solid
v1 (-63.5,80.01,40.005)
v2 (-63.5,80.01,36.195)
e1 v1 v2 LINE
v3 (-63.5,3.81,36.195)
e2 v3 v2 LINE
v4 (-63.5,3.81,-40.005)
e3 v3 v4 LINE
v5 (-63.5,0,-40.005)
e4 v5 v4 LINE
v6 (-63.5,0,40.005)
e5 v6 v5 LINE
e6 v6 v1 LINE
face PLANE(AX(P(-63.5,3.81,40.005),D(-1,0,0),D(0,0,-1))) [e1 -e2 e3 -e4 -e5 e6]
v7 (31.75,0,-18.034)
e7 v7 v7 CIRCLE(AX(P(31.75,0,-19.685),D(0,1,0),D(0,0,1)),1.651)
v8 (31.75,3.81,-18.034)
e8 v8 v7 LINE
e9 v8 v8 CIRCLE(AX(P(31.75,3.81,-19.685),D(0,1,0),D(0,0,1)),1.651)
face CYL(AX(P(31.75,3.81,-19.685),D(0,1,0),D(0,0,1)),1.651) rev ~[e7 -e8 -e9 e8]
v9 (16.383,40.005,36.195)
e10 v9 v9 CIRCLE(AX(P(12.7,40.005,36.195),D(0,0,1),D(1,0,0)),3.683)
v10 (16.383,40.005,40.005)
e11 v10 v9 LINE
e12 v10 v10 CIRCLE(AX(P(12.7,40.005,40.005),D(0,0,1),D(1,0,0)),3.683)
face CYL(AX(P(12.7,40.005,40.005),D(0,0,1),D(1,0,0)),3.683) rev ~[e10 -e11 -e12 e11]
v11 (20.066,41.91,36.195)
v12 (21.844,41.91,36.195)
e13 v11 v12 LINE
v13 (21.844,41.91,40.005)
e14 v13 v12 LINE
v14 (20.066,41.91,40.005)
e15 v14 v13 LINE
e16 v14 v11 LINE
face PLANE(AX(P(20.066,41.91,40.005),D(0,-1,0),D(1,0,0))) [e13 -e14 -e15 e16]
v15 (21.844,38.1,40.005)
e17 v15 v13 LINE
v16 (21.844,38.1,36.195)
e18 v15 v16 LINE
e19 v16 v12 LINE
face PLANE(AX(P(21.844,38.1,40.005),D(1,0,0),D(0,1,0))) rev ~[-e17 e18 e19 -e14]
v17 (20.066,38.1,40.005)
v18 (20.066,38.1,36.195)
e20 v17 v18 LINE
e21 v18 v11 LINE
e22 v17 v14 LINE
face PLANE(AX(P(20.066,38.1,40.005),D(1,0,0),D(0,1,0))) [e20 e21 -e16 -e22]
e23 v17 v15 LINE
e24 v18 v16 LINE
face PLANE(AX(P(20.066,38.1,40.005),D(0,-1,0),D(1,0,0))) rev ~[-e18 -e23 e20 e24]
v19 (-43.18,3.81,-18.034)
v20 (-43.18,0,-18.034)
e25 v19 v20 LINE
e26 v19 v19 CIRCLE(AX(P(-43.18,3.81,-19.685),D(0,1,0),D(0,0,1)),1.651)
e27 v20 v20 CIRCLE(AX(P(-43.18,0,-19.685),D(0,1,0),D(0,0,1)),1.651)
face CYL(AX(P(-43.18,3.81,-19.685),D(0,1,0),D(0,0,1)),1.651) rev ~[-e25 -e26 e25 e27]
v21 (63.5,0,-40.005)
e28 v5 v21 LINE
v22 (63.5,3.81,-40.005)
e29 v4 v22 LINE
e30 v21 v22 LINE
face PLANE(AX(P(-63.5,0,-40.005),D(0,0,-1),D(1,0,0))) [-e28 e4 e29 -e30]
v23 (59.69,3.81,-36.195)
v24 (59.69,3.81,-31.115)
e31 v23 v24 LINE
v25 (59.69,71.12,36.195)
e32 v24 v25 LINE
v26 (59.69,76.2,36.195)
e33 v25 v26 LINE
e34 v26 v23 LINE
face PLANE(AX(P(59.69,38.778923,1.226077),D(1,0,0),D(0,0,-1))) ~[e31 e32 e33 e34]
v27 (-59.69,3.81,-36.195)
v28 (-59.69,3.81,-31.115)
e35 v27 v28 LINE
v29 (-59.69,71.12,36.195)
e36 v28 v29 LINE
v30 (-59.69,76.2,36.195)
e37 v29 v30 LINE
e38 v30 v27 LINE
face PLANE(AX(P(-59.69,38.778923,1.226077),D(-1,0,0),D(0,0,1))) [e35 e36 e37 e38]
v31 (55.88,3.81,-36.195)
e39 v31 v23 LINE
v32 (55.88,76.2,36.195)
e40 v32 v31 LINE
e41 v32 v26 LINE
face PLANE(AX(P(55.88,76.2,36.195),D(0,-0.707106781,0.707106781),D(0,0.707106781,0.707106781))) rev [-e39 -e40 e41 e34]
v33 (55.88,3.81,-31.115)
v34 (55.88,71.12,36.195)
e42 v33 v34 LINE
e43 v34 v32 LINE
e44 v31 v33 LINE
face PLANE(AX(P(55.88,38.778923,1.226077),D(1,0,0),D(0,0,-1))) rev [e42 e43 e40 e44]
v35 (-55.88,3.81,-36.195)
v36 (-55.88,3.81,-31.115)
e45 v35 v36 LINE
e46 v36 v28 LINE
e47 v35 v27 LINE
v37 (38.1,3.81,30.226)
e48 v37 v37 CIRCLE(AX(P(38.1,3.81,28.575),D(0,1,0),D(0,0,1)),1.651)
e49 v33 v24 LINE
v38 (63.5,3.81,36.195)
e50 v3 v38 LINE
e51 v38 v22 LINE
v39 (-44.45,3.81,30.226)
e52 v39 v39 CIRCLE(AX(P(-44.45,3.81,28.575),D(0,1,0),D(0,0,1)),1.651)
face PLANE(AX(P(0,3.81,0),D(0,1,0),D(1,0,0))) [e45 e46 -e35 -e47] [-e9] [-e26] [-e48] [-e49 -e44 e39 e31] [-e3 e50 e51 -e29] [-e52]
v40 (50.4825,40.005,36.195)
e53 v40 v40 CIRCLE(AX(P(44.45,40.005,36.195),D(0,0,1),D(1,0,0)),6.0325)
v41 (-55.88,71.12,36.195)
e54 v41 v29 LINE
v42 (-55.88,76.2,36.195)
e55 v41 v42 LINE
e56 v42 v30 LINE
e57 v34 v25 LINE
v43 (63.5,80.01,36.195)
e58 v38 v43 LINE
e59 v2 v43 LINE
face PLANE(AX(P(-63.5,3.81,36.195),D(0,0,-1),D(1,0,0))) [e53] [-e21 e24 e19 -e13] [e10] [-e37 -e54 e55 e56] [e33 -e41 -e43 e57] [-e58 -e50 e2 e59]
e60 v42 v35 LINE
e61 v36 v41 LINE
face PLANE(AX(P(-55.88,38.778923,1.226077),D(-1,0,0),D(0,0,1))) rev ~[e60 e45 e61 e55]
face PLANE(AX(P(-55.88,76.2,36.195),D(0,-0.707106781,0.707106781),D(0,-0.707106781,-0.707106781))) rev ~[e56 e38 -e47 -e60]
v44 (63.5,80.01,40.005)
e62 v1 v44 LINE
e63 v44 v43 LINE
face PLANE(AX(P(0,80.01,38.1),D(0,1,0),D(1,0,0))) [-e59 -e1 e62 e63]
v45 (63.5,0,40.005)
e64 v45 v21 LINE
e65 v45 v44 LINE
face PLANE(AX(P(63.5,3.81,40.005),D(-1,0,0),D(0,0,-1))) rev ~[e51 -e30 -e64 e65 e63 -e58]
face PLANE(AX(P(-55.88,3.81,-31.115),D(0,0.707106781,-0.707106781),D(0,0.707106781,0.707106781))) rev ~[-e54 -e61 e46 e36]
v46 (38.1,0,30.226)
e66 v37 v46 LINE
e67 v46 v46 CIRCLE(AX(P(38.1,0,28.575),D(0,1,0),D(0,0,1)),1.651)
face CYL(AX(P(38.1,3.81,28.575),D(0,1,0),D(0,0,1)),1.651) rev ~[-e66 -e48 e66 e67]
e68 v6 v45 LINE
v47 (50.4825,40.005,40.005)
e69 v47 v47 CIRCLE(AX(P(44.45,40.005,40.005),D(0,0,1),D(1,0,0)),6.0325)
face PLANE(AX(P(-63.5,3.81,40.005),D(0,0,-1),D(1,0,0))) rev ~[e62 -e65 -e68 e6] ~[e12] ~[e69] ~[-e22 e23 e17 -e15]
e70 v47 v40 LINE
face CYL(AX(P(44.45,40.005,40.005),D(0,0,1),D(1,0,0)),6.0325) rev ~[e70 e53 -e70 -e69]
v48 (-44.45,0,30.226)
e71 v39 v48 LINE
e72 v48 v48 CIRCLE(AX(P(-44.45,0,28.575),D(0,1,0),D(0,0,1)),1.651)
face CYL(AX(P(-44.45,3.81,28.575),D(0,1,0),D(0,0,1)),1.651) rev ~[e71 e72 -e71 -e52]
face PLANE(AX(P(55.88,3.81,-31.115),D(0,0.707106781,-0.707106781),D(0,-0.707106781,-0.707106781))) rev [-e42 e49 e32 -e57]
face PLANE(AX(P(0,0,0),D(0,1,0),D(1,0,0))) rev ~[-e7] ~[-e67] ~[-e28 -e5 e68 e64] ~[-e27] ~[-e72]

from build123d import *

# Parameters (mm, degrees)
SKETCH1_W                    = 127
SKETCH1_H                    = 80.01
BASE_DEPTH                   = 3.81
SKETCH2_W                    = 127
SKETCH2_H                    = 3.81
FRONT_PANELING_DEPTH         = 76.2
SKETCH4_R                    = 1.651
ARDUINO_MOUNTING_HOLES_DEPTH = 107.95368168
STABILITY_STRUT_DEPTH        = 3.81
SKETCH5_R                    = 6.0325
ON_OFF_SWITCH_RECESS_DEPTH   = 130.751494018
SKETCH7_R                    = 3.683
SKETCH7_W                    = 1.778
SKETCH7_H                    = 3.81
POTENTIOMETER_RECESS_DEPTH   = 3.81


with BuildPart() as part:
    # Sketch1 → Base (new body)
    with BuildSketch(Plane(origin=(0, 0, 0), x_dir=(1, 0, 0), z_dir=(0, 1, 0))):
        Rectangle(SKETCH1_W, SKETCH1_H)
    extrude(amount=BASE_DEPTH)

    # Sketch2 → Front Paneling (add)
    with BuildSketch(Plane(origin=(0, 3.81, 0), x_dir=(1, 0, 0), z_dir=(0, 1, 0))):
        with Locations((0, -38.1)):
            Rectangle(SKETCH2_W, SKETCH2_H)
    extrude(amount=FRONT_PANELING_DEPTH)

    # Sketch4 → Arduino Mounting Holes (cut, through all)
    with BuildSketch(Plane(origin=(0, 3.81, 0), x_dir=(1, 0, 0), z_dir=(0, 1, 0))):
        with Locations(Location((-44.45, -28.575, 0), (0, 0, 270))):
            Circle(SKETCH4_R)
        with Locations(Location((-43.18, 19.685, 0), (0, 0, 270))):
            Circle(SKETCH4_R)
        with Locations(Location((31.75, 19.685, 0), (0, 0, 270))):
            Circle(SKETCH4_R)
        with Locations(Location((38.1, -28.575, 0), (0, 0, 270))):
            Circle(SKETCH4_R)
    extrude(amount=-ARDUINO_MOUNTING_HOLES_DEPTH, mode=Mode.SUBTRACT)

    # Sketch3 → Stability Strut (add)
    with BuildSketch(Plane.ZY.offset(55.88)):
        Polygon((36.195, 76.2), (-36.195, 3.81), (-31.115, 3.81), (36.195, 71.12), align=None)
    stability_strut = extrude(amount=STABILITY_STRUT_DEPTH)

    # Mirror Strut: Stability Strut across plane
    add(stability_strut.mirror(Plane(origin=(0, 0, 0), x_dir=(0, 0, 1), z_dir=(1, 0, 0))))

    # Sketch5 → On Off Switch Recess (cut, through all)
    with BuildSketch(Plane.XY.offset(40.005)):
        with Locations((44.45, 40.005)):
            Circle(SKETCH5_R)
    extrude(amount=-ON_OFF_SWITCH_RECESS_DEPTH, mode=Mode.SUBTRACT)

    # Sketch7 → Potentiometer Recess (cut)
    with BuildSketch(Plane.XY.offset(40.005)):
        with Locations((12.7, 40.005)):
            Circle(SKETCH7_R)
        with Locations((20.955, 40.005)):
            Rectangle(SKETCH7_W, SKETCH7_H)
    extrude(amount=-POTENTIOMETER_RECESS_DEPTH, mode=Mode.SUBTRACT)


solid = part.part
